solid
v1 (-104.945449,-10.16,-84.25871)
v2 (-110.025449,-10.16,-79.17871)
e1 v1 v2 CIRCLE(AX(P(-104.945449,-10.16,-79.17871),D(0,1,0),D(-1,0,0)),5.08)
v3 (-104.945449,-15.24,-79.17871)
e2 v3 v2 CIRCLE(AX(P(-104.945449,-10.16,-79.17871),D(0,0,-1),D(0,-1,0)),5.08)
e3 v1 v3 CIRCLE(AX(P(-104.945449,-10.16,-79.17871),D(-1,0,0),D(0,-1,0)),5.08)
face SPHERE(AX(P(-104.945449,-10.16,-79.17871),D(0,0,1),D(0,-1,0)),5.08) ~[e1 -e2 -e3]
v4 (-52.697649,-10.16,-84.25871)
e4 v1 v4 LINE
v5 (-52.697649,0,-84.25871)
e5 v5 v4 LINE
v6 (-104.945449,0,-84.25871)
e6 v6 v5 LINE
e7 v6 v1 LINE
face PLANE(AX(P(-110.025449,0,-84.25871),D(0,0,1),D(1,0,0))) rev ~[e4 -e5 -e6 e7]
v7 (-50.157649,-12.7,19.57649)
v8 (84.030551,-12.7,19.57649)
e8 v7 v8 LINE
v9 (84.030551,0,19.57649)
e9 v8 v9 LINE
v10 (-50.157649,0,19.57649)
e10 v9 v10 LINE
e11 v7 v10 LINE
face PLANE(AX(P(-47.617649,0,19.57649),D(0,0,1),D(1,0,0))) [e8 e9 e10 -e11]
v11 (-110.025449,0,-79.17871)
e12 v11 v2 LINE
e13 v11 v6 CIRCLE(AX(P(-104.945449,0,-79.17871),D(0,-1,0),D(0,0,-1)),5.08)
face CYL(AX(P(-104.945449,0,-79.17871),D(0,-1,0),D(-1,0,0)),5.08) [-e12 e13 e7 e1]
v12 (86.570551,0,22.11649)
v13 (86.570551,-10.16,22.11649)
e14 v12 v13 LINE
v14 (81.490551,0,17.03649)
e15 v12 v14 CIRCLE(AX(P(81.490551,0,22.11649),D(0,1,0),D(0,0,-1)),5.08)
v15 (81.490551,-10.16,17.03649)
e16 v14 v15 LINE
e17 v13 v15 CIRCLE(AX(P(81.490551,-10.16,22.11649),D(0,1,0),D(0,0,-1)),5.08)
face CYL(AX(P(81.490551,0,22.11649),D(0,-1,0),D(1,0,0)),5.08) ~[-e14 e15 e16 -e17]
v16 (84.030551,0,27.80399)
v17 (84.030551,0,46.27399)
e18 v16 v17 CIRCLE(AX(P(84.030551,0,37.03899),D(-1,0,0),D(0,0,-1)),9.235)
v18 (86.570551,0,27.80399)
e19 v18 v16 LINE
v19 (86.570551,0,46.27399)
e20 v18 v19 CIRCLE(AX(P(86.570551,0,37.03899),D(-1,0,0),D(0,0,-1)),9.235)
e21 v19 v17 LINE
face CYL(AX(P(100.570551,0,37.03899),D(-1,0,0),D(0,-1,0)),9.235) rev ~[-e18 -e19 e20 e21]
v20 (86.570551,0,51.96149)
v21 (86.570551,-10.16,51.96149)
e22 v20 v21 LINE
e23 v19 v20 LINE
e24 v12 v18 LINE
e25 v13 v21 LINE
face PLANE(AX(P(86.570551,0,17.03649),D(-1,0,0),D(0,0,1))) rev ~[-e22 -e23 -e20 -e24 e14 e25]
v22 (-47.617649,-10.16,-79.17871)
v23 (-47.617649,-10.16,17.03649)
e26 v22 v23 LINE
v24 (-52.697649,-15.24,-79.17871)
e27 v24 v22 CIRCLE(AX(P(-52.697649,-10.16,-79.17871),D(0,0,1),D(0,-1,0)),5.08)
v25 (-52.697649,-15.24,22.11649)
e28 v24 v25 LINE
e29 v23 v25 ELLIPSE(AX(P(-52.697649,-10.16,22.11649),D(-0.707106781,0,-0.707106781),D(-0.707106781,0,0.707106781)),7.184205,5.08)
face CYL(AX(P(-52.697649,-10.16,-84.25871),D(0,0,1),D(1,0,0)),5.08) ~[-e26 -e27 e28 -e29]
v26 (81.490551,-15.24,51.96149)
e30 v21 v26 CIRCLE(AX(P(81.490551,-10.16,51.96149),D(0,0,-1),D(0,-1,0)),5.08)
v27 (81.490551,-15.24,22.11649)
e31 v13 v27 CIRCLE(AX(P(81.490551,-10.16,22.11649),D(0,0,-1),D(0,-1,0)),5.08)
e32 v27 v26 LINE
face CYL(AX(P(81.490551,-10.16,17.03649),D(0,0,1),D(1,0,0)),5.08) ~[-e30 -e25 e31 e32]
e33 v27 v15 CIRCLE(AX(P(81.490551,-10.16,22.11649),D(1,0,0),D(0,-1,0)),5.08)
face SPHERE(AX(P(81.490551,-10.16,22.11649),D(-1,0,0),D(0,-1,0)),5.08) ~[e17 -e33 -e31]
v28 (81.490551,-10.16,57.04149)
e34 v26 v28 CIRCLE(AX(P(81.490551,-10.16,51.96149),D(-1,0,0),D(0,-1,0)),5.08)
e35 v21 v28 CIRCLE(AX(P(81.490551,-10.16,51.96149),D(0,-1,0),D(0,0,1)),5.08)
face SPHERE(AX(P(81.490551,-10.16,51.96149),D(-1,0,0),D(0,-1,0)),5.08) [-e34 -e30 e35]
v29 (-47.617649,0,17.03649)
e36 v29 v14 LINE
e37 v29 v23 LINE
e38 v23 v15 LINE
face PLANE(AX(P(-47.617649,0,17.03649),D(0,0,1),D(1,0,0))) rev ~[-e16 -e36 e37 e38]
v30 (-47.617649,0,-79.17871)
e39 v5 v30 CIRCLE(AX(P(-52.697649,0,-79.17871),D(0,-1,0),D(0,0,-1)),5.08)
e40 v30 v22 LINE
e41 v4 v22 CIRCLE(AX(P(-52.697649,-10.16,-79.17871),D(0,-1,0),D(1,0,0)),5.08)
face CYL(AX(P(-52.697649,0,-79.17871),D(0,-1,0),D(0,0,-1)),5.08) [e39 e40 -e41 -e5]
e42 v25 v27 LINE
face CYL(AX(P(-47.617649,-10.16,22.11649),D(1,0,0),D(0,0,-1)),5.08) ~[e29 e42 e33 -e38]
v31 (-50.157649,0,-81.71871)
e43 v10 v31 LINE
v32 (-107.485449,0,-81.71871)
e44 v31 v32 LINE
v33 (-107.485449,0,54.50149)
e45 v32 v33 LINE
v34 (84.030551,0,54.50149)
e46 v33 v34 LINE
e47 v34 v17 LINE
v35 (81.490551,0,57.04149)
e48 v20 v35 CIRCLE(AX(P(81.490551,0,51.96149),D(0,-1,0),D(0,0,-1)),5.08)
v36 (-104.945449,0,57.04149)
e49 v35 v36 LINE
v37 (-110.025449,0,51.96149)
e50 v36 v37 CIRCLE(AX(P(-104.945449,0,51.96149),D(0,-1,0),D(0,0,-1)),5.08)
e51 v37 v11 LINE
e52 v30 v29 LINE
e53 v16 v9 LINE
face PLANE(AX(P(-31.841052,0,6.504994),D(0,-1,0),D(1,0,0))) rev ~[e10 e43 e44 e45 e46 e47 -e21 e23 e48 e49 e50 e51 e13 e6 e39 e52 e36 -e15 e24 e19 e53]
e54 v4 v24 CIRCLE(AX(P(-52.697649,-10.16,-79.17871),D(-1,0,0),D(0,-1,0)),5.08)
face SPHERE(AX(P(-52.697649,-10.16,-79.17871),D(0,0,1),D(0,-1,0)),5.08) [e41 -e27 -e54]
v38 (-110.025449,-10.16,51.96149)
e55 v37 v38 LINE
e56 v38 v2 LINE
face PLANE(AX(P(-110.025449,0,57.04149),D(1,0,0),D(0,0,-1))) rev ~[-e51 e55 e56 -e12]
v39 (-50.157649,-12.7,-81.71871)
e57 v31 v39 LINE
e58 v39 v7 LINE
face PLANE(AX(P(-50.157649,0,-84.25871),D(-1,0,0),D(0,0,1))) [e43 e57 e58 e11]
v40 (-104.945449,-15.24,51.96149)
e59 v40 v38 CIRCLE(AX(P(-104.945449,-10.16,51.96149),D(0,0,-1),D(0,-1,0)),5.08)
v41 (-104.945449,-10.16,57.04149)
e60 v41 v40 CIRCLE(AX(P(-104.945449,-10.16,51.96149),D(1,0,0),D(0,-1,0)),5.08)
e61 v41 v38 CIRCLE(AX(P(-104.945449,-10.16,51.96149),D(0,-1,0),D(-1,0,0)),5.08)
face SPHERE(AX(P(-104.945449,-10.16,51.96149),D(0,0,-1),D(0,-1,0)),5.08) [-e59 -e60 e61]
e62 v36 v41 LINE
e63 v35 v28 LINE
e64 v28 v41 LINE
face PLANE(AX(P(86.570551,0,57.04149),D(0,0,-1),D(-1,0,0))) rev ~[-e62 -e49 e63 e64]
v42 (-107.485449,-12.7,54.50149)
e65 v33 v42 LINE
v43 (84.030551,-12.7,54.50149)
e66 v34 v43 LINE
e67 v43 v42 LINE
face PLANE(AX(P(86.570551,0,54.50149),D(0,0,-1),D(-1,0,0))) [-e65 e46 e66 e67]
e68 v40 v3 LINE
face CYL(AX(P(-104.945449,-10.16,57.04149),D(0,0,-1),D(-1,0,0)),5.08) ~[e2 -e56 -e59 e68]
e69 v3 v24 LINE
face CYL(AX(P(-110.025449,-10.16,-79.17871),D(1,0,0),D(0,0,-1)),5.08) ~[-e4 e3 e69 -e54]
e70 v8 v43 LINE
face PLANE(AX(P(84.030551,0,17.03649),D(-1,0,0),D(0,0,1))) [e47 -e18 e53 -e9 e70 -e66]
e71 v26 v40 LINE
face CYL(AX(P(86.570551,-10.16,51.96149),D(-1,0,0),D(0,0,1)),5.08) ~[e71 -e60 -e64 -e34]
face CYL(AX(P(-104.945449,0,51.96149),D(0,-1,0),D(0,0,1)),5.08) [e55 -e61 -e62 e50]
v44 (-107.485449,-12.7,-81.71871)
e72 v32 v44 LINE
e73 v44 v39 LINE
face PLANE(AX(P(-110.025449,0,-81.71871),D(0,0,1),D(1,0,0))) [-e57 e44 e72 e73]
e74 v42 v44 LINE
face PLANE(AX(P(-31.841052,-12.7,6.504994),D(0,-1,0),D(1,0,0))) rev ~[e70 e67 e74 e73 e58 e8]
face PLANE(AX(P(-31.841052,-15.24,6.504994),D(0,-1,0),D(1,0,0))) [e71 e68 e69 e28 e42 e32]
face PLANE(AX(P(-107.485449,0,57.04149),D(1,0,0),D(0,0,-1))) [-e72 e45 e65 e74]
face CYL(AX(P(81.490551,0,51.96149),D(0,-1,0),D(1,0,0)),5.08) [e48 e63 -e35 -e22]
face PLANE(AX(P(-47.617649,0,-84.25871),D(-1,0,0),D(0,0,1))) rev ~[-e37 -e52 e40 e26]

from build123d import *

# Parameters (mm, degrees)
F1_DEPTH = 15.24
F2_T     = -2.54
F3_R     = 5.08
F5_D     = 18.47
F5_DEPTH = 14
F5_TIP   = 5.5489478167


with BuildPart() as f1:
    # F0 (on Front) → F1 (new body)
    with BuildSketch(Plane.XZ):
        Polygon((86.5705514472, 17.0364904519), (86.5705514472, 57.0414904519), (-110.0254485528, 57.0414904519), (-110.0254485528, -84.2587095481), (-47.6176485528, -84.2587095481), (-47.6176485528, 17.0364904519), align=None)
    extrude(amount=F1_DEPTH)

    # F2
    f2_openings = [f1.faces().sort_by_distance(p)[0] for p in [
        (19.476451, 0, 19.457559),
    ]]
    offset(amount=F2_T, openings=f2_openings, kind=Kind.INTERSECTION)

    # F3
    f3_edges = [f1.edges().sort_by_distance(p)[0] for p in [
        (-110.025449, -15.24, -13.60861),
        (-47.617649, -15.24, -33.61111),
        (-78.821549, -15.24, -84.25871),
        (-110.025449, -7.62, -84.25871),
        (-11.727449, -15.24, 57.04149),
        (19.476451, -15.24, 17.03649),
        (-110.025449, -7.62, 57.04149),
        (86.570551, -15.24, 37.03899),
        (86.570551, -7.62, 57.04149),
        (86.570551, -7.62, 17.03649),
        (-47.617649, -7.62, -84.25871),
    ]]
    fillet(f3_edges, radius=F3_R)

    # F5
    with Locations(Plane.YZ.offset(86.5705514472)):
        with Locations((0, 37.0389904519)):
            Hole(F5_D / 2, depth=F5_DEPTH)
            with Locations((0, 0, -(F5_DEPTH + F5_TIP / 2))):  # 118° drill point
                Cone(0, F5_D / 2, F5_TIP, mode=Mode.SUBTRACT)


solid = f1.part
